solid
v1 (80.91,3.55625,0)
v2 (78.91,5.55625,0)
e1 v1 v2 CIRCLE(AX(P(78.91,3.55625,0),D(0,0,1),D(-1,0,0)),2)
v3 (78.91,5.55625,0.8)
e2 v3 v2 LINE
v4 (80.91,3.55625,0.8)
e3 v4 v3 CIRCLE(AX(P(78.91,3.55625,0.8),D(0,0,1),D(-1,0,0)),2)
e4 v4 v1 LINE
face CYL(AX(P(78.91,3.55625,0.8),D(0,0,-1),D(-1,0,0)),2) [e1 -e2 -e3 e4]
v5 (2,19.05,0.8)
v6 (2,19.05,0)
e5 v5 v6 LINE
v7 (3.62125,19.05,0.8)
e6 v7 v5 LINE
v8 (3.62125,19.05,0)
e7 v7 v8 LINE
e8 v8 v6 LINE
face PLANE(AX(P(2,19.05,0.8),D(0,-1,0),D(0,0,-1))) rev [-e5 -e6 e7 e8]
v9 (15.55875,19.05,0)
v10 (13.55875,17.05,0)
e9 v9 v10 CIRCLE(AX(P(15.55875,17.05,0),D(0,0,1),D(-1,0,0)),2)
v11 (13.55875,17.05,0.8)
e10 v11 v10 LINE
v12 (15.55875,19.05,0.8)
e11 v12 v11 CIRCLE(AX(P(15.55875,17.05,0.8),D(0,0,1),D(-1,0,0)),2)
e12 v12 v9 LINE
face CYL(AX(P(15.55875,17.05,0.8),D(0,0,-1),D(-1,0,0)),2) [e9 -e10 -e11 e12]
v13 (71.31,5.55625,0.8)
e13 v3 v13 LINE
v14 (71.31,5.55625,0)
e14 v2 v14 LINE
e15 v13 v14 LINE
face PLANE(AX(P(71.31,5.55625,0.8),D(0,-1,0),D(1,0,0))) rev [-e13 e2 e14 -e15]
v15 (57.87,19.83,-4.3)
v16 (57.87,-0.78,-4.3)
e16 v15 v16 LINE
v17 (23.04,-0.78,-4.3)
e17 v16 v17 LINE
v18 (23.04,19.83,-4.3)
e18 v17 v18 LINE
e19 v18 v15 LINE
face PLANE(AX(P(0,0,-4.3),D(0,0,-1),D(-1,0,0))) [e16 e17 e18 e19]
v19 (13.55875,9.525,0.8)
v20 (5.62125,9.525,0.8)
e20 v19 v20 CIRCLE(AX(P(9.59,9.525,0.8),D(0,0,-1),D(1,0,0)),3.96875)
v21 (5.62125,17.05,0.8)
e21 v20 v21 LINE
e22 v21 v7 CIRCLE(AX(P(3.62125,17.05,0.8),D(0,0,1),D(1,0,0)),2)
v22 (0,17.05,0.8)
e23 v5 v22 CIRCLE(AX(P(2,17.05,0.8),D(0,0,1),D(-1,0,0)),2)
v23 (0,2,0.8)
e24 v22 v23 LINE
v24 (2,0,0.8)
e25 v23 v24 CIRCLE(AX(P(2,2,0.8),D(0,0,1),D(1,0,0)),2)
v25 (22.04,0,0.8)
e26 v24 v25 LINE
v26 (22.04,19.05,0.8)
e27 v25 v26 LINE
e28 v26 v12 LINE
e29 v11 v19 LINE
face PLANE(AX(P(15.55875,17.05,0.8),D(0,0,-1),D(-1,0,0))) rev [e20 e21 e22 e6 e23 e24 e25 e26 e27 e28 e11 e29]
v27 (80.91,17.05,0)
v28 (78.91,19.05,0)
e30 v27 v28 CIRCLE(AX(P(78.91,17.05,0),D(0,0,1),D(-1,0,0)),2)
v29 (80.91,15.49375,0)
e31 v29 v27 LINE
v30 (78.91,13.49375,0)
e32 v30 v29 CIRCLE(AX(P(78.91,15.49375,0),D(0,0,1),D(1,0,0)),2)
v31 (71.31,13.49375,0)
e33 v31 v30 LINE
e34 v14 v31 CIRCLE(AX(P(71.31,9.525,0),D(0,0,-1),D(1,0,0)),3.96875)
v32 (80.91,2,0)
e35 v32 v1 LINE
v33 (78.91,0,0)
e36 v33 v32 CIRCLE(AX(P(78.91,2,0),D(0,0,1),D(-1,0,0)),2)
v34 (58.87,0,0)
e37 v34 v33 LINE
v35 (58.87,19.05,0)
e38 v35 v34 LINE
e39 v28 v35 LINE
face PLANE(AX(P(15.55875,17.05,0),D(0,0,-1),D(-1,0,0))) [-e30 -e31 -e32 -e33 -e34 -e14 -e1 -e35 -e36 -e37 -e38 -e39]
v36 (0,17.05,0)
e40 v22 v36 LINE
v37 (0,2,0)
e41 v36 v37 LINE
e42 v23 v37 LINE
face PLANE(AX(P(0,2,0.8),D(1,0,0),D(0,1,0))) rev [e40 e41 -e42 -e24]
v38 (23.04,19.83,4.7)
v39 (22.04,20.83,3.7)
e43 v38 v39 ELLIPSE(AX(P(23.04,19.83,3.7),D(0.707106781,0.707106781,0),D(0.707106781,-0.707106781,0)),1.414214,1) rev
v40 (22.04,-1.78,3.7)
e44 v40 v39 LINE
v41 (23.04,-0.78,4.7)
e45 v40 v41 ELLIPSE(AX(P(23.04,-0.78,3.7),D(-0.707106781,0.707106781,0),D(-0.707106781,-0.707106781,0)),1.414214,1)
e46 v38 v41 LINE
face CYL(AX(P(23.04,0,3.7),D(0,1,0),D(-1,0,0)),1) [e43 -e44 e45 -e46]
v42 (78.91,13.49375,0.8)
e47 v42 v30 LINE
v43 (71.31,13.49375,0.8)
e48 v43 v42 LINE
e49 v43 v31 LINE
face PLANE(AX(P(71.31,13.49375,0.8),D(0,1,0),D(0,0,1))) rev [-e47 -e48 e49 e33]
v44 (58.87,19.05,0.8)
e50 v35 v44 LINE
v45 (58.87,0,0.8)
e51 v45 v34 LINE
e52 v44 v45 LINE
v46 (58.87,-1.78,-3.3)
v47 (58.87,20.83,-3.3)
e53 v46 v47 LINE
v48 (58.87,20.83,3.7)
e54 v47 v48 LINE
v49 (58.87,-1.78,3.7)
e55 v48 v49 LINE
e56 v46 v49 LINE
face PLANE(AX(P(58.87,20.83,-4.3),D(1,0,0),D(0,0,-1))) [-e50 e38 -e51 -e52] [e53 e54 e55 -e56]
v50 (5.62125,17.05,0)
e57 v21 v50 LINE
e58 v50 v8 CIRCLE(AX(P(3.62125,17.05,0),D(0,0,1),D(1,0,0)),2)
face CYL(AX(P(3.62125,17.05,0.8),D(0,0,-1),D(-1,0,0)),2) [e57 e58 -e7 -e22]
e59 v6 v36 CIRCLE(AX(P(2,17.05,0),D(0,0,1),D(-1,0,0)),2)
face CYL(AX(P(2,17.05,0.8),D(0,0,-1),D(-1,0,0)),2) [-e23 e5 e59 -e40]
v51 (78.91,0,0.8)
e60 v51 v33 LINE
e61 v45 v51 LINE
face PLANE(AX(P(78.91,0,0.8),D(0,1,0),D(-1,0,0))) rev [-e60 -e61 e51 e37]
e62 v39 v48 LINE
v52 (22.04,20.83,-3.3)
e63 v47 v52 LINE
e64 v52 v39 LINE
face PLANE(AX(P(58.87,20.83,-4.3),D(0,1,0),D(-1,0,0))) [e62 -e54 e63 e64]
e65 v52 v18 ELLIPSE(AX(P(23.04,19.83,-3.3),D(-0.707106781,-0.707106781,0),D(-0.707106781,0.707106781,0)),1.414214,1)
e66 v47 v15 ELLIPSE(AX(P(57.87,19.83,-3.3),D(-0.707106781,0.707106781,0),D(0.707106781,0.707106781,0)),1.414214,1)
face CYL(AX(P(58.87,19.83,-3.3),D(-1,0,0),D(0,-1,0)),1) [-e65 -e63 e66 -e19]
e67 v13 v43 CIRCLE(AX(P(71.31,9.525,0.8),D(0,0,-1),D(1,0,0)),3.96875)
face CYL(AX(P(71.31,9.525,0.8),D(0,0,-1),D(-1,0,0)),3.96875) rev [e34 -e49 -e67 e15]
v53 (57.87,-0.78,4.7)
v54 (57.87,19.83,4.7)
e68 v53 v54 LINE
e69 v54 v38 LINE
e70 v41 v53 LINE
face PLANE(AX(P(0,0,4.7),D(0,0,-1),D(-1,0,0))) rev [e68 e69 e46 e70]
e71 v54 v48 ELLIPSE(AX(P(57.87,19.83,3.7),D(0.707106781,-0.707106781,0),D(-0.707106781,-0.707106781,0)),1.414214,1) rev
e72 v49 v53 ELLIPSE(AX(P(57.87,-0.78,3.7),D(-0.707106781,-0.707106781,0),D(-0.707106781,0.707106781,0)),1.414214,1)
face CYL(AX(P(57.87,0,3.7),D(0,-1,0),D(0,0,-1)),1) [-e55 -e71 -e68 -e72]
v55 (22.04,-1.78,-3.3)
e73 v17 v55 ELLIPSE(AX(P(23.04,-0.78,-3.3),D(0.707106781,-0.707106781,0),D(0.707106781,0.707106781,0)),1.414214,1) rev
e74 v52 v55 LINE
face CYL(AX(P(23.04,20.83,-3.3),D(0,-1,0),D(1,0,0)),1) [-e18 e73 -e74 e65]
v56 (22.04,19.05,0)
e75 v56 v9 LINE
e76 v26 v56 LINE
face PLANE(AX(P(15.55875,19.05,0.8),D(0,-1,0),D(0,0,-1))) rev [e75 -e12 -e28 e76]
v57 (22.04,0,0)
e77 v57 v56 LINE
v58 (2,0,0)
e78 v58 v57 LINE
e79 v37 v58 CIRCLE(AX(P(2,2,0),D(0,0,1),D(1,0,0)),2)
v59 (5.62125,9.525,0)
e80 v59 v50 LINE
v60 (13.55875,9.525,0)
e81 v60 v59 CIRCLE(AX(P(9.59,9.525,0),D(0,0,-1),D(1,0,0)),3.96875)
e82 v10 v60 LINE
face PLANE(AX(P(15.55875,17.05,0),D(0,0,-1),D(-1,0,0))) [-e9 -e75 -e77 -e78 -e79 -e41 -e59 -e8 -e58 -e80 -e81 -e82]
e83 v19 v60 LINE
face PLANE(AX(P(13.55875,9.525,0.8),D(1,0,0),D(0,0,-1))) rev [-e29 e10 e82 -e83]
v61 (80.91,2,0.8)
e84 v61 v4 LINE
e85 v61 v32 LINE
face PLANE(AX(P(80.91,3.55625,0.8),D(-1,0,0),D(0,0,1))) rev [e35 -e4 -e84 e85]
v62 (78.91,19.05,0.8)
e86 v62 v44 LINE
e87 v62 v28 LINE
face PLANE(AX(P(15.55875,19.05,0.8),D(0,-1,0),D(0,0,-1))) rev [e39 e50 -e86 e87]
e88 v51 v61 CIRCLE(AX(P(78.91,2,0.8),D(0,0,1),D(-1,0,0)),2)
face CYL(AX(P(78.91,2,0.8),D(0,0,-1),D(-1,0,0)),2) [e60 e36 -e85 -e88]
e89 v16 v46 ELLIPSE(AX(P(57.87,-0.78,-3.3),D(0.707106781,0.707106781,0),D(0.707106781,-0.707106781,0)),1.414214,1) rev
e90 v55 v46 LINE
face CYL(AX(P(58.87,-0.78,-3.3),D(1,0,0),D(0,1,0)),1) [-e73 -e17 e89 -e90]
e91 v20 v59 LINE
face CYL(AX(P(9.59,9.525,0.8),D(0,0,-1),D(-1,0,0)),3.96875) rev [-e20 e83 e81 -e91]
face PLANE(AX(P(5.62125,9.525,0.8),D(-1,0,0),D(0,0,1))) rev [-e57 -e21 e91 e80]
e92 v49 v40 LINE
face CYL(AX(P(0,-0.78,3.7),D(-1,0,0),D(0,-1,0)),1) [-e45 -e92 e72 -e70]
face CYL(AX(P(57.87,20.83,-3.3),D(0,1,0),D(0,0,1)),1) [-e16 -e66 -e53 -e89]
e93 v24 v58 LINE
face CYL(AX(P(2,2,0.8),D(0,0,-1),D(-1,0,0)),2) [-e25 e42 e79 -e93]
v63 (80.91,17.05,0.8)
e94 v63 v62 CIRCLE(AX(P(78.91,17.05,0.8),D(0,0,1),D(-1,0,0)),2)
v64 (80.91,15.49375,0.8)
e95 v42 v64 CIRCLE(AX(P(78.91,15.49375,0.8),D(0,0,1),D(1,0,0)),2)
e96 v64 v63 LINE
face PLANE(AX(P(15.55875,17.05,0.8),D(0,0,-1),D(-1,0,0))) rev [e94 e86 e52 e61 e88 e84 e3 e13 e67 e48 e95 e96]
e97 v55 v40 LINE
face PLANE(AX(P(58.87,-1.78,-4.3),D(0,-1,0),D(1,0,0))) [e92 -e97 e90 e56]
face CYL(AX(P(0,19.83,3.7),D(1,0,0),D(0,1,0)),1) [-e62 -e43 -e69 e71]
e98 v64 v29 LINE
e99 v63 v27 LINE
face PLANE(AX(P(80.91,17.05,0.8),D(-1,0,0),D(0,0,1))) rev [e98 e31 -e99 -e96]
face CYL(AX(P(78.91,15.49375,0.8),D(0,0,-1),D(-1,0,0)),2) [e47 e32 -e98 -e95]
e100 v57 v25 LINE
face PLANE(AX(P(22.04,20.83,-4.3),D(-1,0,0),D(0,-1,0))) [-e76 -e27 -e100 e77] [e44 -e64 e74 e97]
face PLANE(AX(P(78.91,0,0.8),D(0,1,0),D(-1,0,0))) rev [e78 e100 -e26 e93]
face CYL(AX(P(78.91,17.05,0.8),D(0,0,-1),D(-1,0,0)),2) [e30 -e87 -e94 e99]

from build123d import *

# Parameters (mm, degrees)
SALIENTE_EXTRUIR1_DEPTH      = 0.8
CROQUIS2_W                   = 36.83
CROQUIS2_H                   = 22.61
SALIENTE_EXTRUIR2_DEPTH      = 3.9
SALIENTE_EXTRUIR2_DEPTH_BACK = 5.1
REDONDEO1_R                  = 1
REDONDEO2_R                  = 1


with BuildPart() as part:
    # Croquis1 → Saliente-Extruir1 (new body)
    with BuildSketch(Plane.XY):
        with BuildLine():
            Line((0, 2), (0, 17.05))
            ThreePointArc((0, 17.05), (0.585786438, 18.464213562), (2, 19.05))
            Line((2, 19.05), (3.62125, 19.05))
            ThreePointArc((3.62125, 19.05), (5.035463562, 18.464213562), (5.62125, 17.05))
            Line((5.62125, 17.05), (5.62125, 9.525))
            ThreePointArc((5.62125, 9.525), (9.59, 5.55625), (13.55875, 9.525))
            Line((13.55875, 9.525), (13.55875, 17.05))
            ThreePointArc((13.55875, 17.05), (14.144536438, 18.464213562), (15.55875, 19.05))
            Line((15.55875, 19.05), (78.91, 19.05))
            ThreePointArc((78.91, 19.05), (80.324213562, 18.464213562), (80.91, 17.05))
            Line((80.91, 17.05), (80.91, 15.49375))
            ThreePointArc((80.91, 15.49375), (80.324213562, 14.079536438), (78.91, 13.49375))
            Line((78.91, 13.49375), (71.31, 13.49375))
            ThreePointArc((71.31, 13.49375), (67.34125, 9.525), (71.31, 5.55625))
            Line((71.31, 5.55625), (78.91, 5.55625))
            ThreePointArc((78.91, 5.55625), (80.324213562, 4.970463562), (80.91, 3.55625))
            Line((80.91, 3.55625), (80.91, 2))
            ThreePointArc((80.91, 2), (80.324213562, 0.585786438), (78.91, 0))
            Line((78.91, 0), (2, 0))
            ThreePointArc((2, 0), (0.585786438, 0.585786438), (0, 2))
        make_face()
    extrude(amount=SALIENTE_EXTRUIR1_DEPTH)

    # Croquis2 → Saliente-Extruir2 (add, two sides)
    with BuildSketch(Plane.XY.offset(0.8)) as saliente_extruir2_sk:
        with Locations((40.455, 9.525)):
            Rectangle(CROQUIS2_W, CROQUIS2_H)
    extrude(amount=SALIENTE_EXTRUIR2_DEPTH)
    extrude(saliente_extruir2_sk.sketch, amount=-SALIENTE_EXTRUIR2_DEPTH_BACK)

    # Redondeo1
    redondeo1_edges = [part.edges().sort_by_distance(p)[0] for p in [
        (22.04, 9.525, -4.3),
        (58.87, 9.525, -4.3),
        (40.455, 20.83, -4.3),
        (40.455, -1.78, -4.3),
    ]]
    fillet(redondeo1_edges, radius=REDONDEO1_R)

    # Redondeo2
    redondeo2_edges = [part.edges().sort_by_distance(p)[0] for p in [
        (22.04, 9.525, 4.7),
        (40.455, -1.78, 4.7),
        (58.87, 9.525, 4.7),
        (40.455, 20.83, 4.7),
    ]]
    fillet(redondeo2_edges, radius=REDONDEO2_R)


solid = part.part
